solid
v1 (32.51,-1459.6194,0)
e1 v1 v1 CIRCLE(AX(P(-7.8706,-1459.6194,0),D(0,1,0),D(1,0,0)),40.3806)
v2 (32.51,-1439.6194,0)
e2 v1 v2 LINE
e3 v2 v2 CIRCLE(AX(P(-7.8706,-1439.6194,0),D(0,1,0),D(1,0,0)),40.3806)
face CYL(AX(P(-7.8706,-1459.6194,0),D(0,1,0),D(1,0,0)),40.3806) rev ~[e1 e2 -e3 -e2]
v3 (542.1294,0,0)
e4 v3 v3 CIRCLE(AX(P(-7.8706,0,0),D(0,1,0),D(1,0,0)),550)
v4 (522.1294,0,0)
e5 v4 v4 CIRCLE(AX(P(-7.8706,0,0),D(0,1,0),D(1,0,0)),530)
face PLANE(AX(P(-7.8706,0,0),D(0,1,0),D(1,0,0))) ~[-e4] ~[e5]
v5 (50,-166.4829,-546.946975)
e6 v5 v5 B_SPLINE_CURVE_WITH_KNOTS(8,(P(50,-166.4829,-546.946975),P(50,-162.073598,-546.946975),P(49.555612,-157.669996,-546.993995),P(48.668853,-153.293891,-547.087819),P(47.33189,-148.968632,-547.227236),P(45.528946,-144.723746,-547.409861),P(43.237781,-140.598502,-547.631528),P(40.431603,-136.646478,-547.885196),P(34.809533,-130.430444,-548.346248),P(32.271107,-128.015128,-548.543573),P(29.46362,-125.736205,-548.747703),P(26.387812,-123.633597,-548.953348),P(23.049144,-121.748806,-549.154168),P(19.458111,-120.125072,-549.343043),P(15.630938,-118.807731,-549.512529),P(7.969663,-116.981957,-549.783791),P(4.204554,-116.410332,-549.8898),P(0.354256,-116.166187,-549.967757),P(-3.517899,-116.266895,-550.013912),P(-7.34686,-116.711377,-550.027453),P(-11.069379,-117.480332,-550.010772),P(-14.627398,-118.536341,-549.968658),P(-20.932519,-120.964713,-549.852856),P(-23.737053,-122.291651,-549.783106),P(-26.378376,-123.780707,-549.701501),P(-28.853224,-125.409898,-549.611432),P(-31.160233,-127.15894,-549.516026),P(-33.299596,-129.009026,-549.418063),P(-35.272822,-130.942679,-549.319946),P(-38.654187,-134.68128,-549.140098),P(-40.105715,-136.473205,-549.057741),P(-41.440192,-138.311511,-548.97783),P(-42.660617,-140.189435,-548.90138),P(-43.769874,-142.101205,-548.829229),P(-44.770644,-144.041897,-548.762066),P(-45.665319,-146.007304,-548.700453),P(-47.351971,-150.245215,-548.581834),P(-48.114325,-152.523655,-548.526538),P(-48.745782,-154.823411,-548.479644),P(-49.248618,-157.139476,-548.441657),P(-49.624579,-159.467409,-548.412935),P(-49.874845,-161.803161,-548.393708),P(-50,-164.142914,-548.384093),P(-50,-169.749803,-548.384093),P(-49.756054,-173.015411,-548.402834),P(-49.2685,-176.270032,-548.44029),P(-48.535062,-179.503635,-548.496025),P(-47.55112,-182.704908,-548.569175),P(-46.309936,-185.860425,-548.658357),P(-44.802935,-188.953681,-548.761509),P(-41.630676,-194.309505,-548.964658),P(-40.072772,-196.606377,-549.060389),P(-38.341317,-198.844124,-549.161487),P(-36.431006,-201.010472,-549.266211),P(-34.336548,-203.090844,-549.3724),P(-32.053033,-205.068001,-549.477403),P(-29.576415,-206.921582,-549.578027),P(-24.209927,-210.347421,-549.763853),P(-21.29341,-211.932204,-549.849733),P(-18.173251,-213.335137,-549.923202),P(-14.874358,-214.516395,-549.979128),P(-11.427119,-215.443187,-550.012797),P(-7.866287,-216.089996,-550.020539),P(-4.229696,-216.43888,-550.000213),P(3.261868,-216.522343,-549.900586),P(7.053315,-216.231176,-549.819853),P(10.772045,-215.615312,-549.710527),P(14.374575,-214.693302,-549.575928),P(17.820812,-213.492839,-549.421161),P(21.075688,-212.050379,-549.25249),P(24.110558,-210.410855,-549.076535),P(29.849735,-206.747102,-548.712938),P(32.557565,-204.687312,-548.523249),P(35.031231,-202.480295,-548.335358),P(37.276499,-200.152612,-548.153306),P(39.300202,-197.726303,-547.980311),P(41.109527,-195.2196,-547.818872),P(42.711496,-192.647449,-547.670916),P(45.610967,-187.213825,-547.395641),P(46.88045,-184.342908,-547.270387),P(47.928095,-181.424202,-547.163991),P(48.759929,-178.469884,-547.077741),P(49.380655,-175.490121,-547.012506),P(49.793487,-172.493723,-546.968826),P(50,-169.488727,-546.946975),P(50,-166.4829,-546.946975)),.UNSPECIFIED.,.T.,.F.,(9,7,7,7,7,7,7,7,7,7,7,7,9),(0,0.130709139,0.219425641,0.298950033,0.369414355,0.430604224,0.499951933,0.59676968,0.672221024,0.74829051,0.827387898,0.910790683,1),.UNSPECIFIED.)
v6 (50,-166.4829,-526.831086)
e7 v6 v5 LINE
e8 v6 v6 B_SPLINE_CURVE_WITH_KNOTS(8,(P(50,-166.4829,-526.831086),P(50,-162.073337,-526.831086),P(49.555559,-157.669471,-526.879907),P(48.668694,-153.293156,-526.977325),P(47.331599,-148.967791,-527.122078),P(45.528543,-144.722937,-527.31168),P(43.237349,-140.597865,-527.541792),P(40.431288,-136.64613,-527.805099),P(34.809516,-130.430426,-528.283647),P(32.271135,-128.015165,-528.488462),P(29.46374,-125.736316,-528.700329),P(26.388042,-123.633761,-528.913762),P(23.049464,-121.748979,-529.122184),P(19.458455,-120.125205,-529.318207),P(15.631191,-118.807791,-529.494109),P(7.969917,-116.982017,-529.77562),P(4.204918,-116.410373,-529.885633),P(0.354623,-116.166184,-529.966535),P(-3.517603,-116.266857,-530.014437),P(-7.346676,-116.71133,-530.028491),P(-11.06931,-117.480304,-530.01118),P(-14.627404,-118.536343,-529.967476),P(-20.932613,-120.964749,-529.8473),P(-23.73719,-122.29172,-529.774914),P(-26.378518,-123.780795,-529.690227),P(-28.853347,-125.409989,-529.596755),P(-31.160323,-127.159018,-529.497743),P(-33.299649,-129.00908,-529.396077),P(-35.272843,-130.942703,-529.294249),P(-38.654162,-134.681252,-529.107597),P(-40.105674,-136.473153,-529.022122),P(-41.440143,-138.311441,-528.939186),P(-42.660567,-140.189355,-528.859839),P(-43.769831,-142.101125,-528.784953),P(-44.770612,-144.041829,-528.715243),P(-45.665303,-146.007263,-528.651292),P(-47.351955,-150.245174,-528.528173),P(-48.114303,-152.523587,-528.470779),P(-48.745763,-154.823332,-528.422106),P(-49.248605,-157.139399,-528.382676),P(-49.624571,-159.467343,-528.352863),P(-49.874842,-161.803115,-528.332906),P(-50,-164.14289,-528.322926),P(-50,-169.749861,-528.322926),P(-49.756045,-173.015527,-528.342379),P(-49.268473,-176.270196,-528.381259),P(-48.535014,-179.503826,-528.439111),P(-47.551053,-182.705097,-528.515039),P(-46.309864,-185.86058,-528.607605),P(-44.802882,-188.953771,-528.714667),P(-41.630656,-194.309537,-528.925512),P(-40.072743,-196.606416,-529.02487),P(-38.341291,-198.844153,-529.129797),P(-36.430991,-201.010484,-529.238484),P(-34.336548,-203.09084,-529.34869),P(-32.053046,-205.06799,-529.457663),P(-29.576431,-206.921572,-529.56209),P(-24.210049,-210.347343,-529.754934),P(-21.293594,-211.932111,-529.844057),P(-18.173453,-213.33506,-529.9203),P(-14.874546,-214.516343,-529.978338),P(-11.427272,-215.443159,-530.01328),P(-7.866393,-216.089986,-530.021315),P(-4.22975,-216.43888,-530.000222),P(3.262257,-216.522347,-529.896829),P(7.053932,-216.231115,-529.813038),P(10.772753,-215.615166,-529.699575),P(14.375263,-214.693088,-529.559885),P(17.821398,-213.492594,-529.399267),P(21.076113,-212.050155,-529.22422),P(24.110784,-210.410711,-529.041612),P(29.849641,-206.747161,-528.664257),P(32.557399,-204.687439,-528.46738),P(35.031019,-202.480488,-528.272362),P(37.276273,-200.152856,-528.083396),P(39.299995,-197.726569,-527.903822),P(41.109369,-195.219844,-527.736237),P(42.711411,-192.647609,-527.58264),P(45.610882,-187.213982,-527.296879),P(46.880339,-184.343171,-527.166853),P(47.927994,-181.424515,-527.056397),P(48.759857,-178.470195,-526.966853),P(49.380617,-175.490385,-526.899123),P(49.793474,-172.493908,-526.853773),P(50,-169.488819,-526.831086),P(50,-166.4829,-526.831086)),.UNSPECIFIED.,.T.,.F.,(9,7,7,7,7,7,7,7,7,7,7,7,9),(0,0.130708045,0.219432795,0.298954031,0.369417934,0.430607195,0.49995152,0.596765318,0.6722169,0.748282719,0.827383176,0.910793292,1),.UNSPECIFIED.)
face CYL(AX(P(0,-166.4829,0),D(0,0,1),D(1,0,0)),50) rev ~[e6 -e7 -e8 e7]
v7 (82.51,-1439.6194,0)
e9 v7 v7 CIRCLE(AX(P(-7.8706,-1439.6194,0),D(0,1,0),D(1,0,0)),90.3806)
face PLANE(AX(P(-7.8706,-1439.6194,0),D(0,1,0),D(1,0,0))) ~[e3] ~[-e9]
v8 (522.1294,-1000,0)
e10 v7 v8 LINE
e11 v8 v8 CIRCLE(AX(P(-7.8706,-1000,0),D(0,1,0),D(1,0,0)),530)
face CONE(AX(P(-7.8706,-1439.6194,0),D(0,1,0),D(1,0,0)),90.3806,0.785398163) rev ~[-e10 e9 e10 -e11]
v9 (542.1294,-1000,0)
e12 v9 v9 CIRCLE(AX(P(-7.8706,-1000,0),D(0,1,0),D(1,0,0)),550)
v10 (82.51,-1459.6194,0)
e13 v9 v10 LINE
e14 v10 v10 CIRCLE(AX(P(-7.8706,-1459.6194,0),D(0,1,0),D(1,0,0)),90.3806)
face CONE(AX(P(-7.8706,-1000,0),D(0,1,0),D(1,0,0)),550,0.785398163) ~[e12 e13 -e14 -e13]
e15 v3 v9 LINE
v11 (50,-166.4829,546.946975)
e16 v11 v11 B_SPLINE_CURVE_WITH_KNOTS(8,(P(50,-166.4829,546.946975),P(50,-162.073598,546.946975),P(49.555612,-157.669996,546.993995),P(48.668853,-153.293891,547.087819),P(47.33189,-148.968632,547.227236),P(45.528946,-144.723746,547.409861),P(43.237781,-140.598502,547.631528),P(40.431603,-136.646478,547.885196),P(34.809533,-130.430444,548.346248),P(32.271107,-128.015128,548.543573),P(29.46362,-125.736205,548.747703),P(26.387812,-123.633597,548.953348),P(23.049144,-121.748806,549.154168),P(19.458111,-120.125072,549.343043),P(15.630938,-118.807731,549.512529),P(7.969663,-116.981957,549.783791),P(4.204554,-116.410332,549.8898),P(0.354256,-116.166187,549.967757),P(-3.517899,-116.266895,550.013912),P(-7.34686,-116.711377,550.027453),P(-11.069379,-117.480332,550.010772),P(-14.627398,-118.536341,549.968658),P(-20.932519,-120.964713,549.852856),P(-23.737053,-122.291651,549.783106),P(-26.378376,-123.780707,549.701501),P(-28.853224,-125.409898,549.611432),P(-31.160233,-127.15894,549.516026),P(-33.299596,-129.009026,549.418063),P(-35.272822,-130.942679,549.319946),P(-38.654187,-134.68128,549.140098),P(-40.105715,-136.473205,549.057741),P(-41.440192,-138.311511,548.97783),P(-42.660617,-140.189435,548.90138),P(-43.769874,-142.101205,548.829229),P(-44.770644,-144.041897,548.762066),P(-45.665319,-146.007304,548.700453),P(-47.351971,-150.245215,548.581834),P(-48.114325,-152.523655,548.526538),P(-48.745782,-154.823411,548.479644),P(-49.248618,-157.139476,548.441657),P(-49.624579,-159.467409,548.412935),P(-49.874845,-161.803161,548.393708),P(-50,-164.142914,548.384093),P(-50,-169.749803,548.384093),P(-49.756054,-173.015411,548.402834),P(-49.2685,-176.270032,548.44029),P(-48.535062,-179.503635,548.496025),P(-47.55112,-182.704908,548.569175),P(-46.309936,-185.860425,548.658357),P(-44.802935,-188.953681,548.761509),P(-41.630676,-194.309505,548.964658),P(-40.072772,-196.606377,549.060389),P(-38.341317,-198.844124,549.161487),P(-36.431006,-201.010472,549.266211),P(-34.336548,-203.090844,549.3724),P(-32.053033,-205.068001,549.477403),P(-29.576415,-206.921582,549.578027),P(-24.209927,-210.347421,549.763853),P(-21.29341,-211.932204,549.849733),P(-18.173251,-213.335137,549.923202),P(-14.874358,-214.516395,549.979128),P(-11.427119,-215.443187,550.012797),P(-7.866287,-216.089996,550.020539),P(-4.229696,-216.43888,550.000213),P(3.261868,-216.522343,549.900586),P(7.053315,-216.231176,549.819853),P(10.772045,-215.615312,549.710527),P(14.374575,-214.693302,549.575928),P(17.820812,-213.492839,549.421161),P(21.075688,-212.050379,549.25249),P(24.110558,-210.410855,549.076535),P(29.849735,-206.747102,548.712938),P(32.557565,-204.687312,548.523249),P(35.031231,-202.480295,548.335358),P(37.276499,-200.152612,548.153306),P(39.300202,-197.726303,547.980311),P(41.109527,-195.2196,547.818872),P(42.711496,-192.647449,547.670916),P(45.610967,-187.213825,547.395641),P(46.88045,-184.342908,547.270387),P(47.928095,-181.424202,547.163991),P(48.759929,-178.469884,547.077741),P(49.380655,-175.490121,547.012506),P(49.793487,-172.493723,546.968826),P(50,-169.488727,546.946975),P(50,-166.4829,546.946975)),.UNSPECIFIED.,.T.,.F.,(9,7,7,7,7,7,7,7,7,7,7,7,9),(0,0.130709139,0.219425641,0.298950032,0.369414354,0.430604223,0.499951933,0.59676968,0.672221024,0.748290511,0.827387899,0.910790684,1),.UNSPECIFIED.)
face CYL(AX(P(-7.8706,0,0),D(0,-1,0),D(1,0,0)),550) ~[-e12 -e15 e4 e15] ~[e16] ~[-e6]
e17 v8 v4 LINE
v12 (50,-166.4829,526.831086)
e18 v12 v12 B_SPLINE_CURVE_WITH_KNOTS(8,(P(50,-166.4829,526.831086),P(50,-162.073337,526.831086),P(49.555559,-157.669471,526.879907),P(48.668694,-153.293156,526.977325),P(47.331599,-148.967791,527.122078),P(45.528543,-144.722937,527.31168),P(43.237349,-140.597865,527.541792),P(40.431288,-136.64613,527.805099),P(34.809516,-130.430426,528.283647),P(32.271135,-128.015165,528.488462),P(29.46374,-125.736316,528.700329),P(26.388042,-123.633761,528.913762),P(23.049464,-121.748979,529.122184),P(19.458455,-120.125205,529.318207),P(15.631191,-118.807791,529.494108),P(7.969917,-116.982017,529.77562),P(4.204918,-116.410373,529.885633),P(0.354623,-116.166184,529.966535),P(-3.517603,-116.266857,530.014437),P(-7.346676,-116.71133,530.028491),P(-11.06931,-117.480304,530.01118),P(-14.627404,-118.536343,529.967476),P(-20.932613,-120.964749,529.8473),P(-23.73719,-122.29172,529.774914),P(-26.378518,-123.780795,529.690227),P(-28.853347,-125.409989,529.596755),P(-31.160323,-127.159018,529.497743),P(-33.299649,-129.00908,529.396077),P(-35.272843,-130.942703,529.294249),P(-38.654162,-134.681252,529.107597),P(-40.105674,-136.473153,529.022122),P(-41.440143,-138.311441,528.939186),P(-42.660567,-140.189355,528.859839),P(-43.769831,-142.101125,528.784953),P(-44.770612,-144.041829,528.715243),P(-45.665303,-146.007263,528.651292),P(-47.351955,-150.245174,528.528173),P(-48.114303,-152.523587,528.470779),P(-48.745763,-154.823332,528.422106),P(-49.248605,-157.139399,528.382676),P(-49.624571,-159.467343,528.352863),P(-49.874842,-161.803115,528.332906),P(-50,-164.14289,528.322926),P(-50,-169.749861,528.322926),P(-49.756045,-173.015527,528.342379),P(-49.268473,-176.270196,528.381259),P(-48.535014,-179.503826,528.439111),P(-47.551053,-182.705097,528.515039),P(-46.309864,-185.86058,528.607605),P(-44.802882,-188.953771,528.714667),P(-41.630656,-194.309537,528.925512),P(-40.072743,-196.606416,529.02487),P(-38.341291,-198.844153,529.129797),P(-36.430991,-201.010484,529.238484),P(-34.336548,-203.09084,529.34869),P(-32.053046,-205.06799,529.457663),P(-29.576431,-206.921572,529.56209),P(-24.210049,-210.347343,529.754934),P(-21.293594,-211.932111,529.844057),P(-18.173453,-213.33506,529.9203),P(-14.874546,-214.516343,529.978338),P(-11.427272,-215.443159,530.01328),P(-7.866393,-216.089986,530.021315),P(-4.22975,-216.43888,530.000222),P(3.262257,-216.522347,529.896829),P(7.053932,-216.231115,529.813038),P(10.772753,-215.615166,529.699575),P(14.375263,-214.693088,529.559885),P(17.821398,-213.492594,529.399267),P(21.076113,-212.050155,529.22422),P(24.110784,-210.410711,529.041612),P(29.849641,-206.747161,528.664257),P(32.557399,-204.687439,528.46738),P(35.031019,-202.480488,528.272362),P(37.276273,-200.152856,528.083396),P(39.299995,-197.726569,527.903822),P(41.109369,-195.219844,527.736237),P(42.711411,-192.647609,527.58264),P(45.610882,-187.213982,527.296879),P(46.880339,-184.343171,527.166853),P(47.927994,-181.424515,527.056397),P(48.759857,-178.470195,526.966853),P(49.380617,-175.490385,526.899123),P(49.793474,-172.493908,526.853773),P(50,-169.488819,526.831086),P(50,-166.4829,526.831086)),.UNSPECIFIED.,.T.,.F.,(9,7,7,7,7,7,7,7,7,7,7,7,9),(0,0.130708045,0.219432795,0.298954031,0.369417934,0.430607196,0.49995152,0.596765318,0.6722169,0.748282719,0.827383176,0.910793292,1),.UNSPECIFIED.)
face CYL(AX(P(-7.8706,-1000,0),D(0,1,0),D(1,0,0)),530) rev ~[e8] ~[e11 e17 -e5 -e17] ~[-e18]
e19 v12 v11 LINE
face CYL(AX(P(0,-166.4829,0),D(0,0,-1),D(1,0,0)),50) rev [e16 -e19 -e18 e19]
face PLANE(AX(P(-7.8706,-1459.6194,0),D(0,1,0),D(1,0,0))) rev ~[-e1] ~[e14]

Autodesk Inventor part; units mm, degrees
ref_plane "YZ Plane" through (0, 0, 0) normal (1, 0, 0) x (0, 1, 0)
ref_plane "XY Plane" through (0, 0, 0) normal (0, 0, 1) x (1, 0, 0)
sketch "Sketch1" plane through (0, 0, 0) normal (0, 0, 1) x (1, 0, 0)
  line L0 (542.1294, 0) -> (542.1294, -1000)
  line L1 (542.1294, -1000) -> (82.51, -1459.6194)
  line L2 (-7.8706, -896.0873) -> (-7.8706, -498.6597)
  line L3 (542.1294, 0) -> (542.1294, 0)
  line L4 (82.51, -1459.6194) -> (32.51, -1459.6194)
  line L5 (32.51, -1459.6194) -> (32.51, -1439.6194)
  line L6 (32.51, -1439.6194) -> (82.51, -1439.6194)
  line L7 (82.51, -1439.6194) -> (522.1294, -1000)
  line L8 (522.1294, -1000) -> (522.1294, 0)
  line L9 (522.1294, 0) -> (542.1294, 0)
  point P0 (0, 0)
  dimension "d0" = 1000
  dimension "d1" = 650
  dimension "d2" = 0
  dimension "d3" = 135
  dimension "d4" = 550
  dimension "d29" = 0
  dimension "d30" = 0
  dimension "d31" = 50
  dimension "d41" = 20
ref_plane "Work Plane6" through (-566.8771, -58.4878, 0) normal (0, -1, 0) x (1, 0, 0)
revolve "Revolution1" add sketch "Sketch1" angle 360 about axis through (-7.8706, -896.0873, 0) along (0, 1, 0)
sketch "Sketch41" plane through (0, 0, 0) normal (0, 0, 1) x (1, 0, 0)
  circle A0 centre (0, -166.4829) radius 50
  point P0 (0, 0)
  dimension "d143" = 100
extrude "Extrusion21" cut sketch "Sketch41" along normal mid plane 1200
sketch "Sketch19" plane through (0, 0, 0) normal (0, 0, 1) x (1, 0, 0)
  line L0 (32.51, -1559.6194) -> (-48.2512, -1559.6194) projected
  line L1 (-57.8706, -1559.6194) -> (42.1294, -1559.6194) projected
  circle A0 centre (-7.8706, -1559.6194) radius 50
  point P0 (0, 0)
  dimension "d68" = 100
sketch "Sketch20" plane through (-7.8706, -1559.6194, -650) normal (0, 0, -1) x (-1, 0, 0)
  circle A0 centre (0, 0) radius 40
  circle A1 centre (0, 0) radius 50 projected
  point P0 (-7.8706, 1559.6194)
  dimension "d71" = 80
sketch "Sketch22" plane through (0, 0, 0) normal (1, 0, 0) x (0, 1, 0)
  line L0 (-1462.4815, 734.1369) -> (-140.2963, 734.1369)
  line L1 (-90.2963, 684.1369) -> (-90.2963, 550)
  arc A0 (-90.2963, 684.1369) -> (-140.2963, 734.1369) centre (-140.2963, 684.1369) ccw
  line L2 (-1558.0924, 663.4382) -> (-1558.0924, 643.3405)
  line L3 (-1509.6194, 650) -> (-1609.6194, 650) projected
  arc A1 (-1462.4815, 734.1369) -> (-1558.0924, 663.4382) centre (-1462.4815, 634.1369) ccw
  point P0 (0, 0)
  point P1 (-90.2963, 734.1369)
  dimension "d80" = 50
sketch "Sketch23" plane through (-7.8706, -1559.6194, 650) normal (0, 0, 1) x (1, 0, 0)
  circle A0 centre (0, 0) radius 40
  circle A1 centre (0, 0) radius 50
  point P0 (7.8706, 1559.6194)
sketch "Sketch24" plane through (-7.8706, -88.7692, 550) normal (0, 0, -1) x (1, 0, 0)
  circle A0 centre (-5.435, 0.6448) radius 30.4902
  circle A1 centre (-5.435, 0.6448) radius 40
  point P0 (7.8706, -88.7692)
  dimension "d81" = 80
sketch "Sketch26" plane through (0, 0, 0) normal (1, 0, 0) x (0, 1, 0)
  line L0 (-1459.6194, -722.3332) -> (-421.4562, -722.3332)
  arc A0 (-1559.6194, -622.3332) -> (-1459.6194, -722.3332) centre (-1459.6194, -622.3332) ccw
  line L1 (-1000, -530) -> (0, -530) projected
  line L2 (-421.4562, -722.3332) -> (-178.619, -722.3332)
  line L3 (-78.619, -622.3332) -> (-78.619, -548.782)
  arc A1 (-178.619, -722.3332) -> (-78.619, -622.3332) centre (-178.619, -622.3332) ccw
  point P0 (-1559.6194, -722.3332)
  dimension "d100" = 100
  dimension "d102" = 100
sketch "Sketch29" plane through (0, 0, 0) normal (1, 0, 0) x (0, 1, 0)
  line L0 (-1509.6194, -650) -> (-1509.6194, 654.9469) projected
  line L1 (-1609.6194, -607.9379) -> (-1609.6194, 671.1566) projected
  line L2 (-1559.6194, 375.7234) -> (-1559.6194, 1195.913)
  point P0 (0, 0)
sketch "Sketch30" plane through (0, 0, 0) normal (0, 0, 1) x (1, 0, 0)
  circle A0 centre (-7.8706, -1559.5524) radius 50
  ellipse E0 centre (-7.8706, -1559.5524) end of major axis (42.1294, -1559.5524) minor radius 47.8054 (-57.8473, -1558.0924) -> (42.1061, -1558.0924) ccw projected
  point P0 (0, 0)
  dimension "d108" = 100
sketch "Sketch31" plane through (-7.8706, -1559.5524, 820.1896) normal (0, 0, 1) x (1, 0, 0)
  arc A0 (-50, -0.0335) -> (50, -0.0335) centre (0, -0.067) ccw projected
  circle A1 centre (0, -0.067) radius 40
  point P0 (7.8706, 1559.5524)
  dimension "d2" = 0
  dimension "d111" = 80
  dimension "d114" = 130
sketch "Sketch35" plane through (0, 0, 0) normal (-0.6428, 0, -0.766) x (-0.766, 0, 0.6428)
  circle A0 centre (0, -300) radius 60
  circle A1 centre (0, -300) radius 50
  line L0 (-543.9708, 0) -> (556.0292, 0) projected
  point P0 (0, 0)
  dimension "d120" = 120
  dimension "d121" = 100
  dimension "d128" = 300
sketch "Sketch36" plane through (-372.8168, -300, -444.3058) normal (-0.6428, 0, -0.766) x (-0.766, 0, 0.6428)
  circle A0 centre (0, 0) radius 50
  circle A1 centre (0, 0) radius 50 projected
  line L0 (-543.9708, 300) -> (556.0292, 300) projected
  point P0 (0, 300)
  dimension "d124" = 100
  dimension "d127" = 300
sketch "Sketch37" plane through (0, 0, 0) normal (0, 1, 0) x (-1, 0, 0)
  circle A0 centre (7.8706, 735.664) radius 50
  circle A1 centre (7.8706, 735.664) radius 50 projected
  circle A2 centre (7.8706, 735.664) radius 40
  point P0 (0, 0)
  dimension "d129" = 100
  dimension "d130" = 80
sketch "Sketch38" plane through (-7.8706, 0, 735.664) normal (0, 1, 0) x (1, 0, 0)
  circle A0 centre (0, 0) radius 40 projected
  circle A1 centre (0, 0) radius 40
  point P0 (7.8706, 735.664)
sketch "Sketch39" plane through (0, 0, 0) normal (0, 1, 0) x (-1, 0, 0)
  circle A0 centre (7.8706, -726.0843) radius 50
  ellipse E0 centre (7.8706, -726.0843) end of major axis (57.8706, -726.0843) minor radius 48.0483 projected
  point P0 (0, 0)
  point P1 (57.8706, -726.0843)
  dimension "d137" = 100
sketch "Sketch40" plane through (0, 0, 0) normal (0, 1, 0) x (1, 0, 0)
  circle A0 centre (-7.8706, 726.0843) radius 40
  ellipse E0 centre (-7.8706, 726.0843) end of major axis (-57.8706, 726.0843) minor radius 48.0483 projected
  point P0 (0, 0)
  dimension "d140" = 80
sketch "Sketch25" plane through (-7.8706, -1559.6194, -650) normal (0, 0, -1) x (-1, 0, 0)
  circle A0 centre (0, 0) radius 40
  circle A1 centre (0, 0) radius 40 projected
  circle A2 centre (0, 0) radius 50
properties part number "mineralisation"
